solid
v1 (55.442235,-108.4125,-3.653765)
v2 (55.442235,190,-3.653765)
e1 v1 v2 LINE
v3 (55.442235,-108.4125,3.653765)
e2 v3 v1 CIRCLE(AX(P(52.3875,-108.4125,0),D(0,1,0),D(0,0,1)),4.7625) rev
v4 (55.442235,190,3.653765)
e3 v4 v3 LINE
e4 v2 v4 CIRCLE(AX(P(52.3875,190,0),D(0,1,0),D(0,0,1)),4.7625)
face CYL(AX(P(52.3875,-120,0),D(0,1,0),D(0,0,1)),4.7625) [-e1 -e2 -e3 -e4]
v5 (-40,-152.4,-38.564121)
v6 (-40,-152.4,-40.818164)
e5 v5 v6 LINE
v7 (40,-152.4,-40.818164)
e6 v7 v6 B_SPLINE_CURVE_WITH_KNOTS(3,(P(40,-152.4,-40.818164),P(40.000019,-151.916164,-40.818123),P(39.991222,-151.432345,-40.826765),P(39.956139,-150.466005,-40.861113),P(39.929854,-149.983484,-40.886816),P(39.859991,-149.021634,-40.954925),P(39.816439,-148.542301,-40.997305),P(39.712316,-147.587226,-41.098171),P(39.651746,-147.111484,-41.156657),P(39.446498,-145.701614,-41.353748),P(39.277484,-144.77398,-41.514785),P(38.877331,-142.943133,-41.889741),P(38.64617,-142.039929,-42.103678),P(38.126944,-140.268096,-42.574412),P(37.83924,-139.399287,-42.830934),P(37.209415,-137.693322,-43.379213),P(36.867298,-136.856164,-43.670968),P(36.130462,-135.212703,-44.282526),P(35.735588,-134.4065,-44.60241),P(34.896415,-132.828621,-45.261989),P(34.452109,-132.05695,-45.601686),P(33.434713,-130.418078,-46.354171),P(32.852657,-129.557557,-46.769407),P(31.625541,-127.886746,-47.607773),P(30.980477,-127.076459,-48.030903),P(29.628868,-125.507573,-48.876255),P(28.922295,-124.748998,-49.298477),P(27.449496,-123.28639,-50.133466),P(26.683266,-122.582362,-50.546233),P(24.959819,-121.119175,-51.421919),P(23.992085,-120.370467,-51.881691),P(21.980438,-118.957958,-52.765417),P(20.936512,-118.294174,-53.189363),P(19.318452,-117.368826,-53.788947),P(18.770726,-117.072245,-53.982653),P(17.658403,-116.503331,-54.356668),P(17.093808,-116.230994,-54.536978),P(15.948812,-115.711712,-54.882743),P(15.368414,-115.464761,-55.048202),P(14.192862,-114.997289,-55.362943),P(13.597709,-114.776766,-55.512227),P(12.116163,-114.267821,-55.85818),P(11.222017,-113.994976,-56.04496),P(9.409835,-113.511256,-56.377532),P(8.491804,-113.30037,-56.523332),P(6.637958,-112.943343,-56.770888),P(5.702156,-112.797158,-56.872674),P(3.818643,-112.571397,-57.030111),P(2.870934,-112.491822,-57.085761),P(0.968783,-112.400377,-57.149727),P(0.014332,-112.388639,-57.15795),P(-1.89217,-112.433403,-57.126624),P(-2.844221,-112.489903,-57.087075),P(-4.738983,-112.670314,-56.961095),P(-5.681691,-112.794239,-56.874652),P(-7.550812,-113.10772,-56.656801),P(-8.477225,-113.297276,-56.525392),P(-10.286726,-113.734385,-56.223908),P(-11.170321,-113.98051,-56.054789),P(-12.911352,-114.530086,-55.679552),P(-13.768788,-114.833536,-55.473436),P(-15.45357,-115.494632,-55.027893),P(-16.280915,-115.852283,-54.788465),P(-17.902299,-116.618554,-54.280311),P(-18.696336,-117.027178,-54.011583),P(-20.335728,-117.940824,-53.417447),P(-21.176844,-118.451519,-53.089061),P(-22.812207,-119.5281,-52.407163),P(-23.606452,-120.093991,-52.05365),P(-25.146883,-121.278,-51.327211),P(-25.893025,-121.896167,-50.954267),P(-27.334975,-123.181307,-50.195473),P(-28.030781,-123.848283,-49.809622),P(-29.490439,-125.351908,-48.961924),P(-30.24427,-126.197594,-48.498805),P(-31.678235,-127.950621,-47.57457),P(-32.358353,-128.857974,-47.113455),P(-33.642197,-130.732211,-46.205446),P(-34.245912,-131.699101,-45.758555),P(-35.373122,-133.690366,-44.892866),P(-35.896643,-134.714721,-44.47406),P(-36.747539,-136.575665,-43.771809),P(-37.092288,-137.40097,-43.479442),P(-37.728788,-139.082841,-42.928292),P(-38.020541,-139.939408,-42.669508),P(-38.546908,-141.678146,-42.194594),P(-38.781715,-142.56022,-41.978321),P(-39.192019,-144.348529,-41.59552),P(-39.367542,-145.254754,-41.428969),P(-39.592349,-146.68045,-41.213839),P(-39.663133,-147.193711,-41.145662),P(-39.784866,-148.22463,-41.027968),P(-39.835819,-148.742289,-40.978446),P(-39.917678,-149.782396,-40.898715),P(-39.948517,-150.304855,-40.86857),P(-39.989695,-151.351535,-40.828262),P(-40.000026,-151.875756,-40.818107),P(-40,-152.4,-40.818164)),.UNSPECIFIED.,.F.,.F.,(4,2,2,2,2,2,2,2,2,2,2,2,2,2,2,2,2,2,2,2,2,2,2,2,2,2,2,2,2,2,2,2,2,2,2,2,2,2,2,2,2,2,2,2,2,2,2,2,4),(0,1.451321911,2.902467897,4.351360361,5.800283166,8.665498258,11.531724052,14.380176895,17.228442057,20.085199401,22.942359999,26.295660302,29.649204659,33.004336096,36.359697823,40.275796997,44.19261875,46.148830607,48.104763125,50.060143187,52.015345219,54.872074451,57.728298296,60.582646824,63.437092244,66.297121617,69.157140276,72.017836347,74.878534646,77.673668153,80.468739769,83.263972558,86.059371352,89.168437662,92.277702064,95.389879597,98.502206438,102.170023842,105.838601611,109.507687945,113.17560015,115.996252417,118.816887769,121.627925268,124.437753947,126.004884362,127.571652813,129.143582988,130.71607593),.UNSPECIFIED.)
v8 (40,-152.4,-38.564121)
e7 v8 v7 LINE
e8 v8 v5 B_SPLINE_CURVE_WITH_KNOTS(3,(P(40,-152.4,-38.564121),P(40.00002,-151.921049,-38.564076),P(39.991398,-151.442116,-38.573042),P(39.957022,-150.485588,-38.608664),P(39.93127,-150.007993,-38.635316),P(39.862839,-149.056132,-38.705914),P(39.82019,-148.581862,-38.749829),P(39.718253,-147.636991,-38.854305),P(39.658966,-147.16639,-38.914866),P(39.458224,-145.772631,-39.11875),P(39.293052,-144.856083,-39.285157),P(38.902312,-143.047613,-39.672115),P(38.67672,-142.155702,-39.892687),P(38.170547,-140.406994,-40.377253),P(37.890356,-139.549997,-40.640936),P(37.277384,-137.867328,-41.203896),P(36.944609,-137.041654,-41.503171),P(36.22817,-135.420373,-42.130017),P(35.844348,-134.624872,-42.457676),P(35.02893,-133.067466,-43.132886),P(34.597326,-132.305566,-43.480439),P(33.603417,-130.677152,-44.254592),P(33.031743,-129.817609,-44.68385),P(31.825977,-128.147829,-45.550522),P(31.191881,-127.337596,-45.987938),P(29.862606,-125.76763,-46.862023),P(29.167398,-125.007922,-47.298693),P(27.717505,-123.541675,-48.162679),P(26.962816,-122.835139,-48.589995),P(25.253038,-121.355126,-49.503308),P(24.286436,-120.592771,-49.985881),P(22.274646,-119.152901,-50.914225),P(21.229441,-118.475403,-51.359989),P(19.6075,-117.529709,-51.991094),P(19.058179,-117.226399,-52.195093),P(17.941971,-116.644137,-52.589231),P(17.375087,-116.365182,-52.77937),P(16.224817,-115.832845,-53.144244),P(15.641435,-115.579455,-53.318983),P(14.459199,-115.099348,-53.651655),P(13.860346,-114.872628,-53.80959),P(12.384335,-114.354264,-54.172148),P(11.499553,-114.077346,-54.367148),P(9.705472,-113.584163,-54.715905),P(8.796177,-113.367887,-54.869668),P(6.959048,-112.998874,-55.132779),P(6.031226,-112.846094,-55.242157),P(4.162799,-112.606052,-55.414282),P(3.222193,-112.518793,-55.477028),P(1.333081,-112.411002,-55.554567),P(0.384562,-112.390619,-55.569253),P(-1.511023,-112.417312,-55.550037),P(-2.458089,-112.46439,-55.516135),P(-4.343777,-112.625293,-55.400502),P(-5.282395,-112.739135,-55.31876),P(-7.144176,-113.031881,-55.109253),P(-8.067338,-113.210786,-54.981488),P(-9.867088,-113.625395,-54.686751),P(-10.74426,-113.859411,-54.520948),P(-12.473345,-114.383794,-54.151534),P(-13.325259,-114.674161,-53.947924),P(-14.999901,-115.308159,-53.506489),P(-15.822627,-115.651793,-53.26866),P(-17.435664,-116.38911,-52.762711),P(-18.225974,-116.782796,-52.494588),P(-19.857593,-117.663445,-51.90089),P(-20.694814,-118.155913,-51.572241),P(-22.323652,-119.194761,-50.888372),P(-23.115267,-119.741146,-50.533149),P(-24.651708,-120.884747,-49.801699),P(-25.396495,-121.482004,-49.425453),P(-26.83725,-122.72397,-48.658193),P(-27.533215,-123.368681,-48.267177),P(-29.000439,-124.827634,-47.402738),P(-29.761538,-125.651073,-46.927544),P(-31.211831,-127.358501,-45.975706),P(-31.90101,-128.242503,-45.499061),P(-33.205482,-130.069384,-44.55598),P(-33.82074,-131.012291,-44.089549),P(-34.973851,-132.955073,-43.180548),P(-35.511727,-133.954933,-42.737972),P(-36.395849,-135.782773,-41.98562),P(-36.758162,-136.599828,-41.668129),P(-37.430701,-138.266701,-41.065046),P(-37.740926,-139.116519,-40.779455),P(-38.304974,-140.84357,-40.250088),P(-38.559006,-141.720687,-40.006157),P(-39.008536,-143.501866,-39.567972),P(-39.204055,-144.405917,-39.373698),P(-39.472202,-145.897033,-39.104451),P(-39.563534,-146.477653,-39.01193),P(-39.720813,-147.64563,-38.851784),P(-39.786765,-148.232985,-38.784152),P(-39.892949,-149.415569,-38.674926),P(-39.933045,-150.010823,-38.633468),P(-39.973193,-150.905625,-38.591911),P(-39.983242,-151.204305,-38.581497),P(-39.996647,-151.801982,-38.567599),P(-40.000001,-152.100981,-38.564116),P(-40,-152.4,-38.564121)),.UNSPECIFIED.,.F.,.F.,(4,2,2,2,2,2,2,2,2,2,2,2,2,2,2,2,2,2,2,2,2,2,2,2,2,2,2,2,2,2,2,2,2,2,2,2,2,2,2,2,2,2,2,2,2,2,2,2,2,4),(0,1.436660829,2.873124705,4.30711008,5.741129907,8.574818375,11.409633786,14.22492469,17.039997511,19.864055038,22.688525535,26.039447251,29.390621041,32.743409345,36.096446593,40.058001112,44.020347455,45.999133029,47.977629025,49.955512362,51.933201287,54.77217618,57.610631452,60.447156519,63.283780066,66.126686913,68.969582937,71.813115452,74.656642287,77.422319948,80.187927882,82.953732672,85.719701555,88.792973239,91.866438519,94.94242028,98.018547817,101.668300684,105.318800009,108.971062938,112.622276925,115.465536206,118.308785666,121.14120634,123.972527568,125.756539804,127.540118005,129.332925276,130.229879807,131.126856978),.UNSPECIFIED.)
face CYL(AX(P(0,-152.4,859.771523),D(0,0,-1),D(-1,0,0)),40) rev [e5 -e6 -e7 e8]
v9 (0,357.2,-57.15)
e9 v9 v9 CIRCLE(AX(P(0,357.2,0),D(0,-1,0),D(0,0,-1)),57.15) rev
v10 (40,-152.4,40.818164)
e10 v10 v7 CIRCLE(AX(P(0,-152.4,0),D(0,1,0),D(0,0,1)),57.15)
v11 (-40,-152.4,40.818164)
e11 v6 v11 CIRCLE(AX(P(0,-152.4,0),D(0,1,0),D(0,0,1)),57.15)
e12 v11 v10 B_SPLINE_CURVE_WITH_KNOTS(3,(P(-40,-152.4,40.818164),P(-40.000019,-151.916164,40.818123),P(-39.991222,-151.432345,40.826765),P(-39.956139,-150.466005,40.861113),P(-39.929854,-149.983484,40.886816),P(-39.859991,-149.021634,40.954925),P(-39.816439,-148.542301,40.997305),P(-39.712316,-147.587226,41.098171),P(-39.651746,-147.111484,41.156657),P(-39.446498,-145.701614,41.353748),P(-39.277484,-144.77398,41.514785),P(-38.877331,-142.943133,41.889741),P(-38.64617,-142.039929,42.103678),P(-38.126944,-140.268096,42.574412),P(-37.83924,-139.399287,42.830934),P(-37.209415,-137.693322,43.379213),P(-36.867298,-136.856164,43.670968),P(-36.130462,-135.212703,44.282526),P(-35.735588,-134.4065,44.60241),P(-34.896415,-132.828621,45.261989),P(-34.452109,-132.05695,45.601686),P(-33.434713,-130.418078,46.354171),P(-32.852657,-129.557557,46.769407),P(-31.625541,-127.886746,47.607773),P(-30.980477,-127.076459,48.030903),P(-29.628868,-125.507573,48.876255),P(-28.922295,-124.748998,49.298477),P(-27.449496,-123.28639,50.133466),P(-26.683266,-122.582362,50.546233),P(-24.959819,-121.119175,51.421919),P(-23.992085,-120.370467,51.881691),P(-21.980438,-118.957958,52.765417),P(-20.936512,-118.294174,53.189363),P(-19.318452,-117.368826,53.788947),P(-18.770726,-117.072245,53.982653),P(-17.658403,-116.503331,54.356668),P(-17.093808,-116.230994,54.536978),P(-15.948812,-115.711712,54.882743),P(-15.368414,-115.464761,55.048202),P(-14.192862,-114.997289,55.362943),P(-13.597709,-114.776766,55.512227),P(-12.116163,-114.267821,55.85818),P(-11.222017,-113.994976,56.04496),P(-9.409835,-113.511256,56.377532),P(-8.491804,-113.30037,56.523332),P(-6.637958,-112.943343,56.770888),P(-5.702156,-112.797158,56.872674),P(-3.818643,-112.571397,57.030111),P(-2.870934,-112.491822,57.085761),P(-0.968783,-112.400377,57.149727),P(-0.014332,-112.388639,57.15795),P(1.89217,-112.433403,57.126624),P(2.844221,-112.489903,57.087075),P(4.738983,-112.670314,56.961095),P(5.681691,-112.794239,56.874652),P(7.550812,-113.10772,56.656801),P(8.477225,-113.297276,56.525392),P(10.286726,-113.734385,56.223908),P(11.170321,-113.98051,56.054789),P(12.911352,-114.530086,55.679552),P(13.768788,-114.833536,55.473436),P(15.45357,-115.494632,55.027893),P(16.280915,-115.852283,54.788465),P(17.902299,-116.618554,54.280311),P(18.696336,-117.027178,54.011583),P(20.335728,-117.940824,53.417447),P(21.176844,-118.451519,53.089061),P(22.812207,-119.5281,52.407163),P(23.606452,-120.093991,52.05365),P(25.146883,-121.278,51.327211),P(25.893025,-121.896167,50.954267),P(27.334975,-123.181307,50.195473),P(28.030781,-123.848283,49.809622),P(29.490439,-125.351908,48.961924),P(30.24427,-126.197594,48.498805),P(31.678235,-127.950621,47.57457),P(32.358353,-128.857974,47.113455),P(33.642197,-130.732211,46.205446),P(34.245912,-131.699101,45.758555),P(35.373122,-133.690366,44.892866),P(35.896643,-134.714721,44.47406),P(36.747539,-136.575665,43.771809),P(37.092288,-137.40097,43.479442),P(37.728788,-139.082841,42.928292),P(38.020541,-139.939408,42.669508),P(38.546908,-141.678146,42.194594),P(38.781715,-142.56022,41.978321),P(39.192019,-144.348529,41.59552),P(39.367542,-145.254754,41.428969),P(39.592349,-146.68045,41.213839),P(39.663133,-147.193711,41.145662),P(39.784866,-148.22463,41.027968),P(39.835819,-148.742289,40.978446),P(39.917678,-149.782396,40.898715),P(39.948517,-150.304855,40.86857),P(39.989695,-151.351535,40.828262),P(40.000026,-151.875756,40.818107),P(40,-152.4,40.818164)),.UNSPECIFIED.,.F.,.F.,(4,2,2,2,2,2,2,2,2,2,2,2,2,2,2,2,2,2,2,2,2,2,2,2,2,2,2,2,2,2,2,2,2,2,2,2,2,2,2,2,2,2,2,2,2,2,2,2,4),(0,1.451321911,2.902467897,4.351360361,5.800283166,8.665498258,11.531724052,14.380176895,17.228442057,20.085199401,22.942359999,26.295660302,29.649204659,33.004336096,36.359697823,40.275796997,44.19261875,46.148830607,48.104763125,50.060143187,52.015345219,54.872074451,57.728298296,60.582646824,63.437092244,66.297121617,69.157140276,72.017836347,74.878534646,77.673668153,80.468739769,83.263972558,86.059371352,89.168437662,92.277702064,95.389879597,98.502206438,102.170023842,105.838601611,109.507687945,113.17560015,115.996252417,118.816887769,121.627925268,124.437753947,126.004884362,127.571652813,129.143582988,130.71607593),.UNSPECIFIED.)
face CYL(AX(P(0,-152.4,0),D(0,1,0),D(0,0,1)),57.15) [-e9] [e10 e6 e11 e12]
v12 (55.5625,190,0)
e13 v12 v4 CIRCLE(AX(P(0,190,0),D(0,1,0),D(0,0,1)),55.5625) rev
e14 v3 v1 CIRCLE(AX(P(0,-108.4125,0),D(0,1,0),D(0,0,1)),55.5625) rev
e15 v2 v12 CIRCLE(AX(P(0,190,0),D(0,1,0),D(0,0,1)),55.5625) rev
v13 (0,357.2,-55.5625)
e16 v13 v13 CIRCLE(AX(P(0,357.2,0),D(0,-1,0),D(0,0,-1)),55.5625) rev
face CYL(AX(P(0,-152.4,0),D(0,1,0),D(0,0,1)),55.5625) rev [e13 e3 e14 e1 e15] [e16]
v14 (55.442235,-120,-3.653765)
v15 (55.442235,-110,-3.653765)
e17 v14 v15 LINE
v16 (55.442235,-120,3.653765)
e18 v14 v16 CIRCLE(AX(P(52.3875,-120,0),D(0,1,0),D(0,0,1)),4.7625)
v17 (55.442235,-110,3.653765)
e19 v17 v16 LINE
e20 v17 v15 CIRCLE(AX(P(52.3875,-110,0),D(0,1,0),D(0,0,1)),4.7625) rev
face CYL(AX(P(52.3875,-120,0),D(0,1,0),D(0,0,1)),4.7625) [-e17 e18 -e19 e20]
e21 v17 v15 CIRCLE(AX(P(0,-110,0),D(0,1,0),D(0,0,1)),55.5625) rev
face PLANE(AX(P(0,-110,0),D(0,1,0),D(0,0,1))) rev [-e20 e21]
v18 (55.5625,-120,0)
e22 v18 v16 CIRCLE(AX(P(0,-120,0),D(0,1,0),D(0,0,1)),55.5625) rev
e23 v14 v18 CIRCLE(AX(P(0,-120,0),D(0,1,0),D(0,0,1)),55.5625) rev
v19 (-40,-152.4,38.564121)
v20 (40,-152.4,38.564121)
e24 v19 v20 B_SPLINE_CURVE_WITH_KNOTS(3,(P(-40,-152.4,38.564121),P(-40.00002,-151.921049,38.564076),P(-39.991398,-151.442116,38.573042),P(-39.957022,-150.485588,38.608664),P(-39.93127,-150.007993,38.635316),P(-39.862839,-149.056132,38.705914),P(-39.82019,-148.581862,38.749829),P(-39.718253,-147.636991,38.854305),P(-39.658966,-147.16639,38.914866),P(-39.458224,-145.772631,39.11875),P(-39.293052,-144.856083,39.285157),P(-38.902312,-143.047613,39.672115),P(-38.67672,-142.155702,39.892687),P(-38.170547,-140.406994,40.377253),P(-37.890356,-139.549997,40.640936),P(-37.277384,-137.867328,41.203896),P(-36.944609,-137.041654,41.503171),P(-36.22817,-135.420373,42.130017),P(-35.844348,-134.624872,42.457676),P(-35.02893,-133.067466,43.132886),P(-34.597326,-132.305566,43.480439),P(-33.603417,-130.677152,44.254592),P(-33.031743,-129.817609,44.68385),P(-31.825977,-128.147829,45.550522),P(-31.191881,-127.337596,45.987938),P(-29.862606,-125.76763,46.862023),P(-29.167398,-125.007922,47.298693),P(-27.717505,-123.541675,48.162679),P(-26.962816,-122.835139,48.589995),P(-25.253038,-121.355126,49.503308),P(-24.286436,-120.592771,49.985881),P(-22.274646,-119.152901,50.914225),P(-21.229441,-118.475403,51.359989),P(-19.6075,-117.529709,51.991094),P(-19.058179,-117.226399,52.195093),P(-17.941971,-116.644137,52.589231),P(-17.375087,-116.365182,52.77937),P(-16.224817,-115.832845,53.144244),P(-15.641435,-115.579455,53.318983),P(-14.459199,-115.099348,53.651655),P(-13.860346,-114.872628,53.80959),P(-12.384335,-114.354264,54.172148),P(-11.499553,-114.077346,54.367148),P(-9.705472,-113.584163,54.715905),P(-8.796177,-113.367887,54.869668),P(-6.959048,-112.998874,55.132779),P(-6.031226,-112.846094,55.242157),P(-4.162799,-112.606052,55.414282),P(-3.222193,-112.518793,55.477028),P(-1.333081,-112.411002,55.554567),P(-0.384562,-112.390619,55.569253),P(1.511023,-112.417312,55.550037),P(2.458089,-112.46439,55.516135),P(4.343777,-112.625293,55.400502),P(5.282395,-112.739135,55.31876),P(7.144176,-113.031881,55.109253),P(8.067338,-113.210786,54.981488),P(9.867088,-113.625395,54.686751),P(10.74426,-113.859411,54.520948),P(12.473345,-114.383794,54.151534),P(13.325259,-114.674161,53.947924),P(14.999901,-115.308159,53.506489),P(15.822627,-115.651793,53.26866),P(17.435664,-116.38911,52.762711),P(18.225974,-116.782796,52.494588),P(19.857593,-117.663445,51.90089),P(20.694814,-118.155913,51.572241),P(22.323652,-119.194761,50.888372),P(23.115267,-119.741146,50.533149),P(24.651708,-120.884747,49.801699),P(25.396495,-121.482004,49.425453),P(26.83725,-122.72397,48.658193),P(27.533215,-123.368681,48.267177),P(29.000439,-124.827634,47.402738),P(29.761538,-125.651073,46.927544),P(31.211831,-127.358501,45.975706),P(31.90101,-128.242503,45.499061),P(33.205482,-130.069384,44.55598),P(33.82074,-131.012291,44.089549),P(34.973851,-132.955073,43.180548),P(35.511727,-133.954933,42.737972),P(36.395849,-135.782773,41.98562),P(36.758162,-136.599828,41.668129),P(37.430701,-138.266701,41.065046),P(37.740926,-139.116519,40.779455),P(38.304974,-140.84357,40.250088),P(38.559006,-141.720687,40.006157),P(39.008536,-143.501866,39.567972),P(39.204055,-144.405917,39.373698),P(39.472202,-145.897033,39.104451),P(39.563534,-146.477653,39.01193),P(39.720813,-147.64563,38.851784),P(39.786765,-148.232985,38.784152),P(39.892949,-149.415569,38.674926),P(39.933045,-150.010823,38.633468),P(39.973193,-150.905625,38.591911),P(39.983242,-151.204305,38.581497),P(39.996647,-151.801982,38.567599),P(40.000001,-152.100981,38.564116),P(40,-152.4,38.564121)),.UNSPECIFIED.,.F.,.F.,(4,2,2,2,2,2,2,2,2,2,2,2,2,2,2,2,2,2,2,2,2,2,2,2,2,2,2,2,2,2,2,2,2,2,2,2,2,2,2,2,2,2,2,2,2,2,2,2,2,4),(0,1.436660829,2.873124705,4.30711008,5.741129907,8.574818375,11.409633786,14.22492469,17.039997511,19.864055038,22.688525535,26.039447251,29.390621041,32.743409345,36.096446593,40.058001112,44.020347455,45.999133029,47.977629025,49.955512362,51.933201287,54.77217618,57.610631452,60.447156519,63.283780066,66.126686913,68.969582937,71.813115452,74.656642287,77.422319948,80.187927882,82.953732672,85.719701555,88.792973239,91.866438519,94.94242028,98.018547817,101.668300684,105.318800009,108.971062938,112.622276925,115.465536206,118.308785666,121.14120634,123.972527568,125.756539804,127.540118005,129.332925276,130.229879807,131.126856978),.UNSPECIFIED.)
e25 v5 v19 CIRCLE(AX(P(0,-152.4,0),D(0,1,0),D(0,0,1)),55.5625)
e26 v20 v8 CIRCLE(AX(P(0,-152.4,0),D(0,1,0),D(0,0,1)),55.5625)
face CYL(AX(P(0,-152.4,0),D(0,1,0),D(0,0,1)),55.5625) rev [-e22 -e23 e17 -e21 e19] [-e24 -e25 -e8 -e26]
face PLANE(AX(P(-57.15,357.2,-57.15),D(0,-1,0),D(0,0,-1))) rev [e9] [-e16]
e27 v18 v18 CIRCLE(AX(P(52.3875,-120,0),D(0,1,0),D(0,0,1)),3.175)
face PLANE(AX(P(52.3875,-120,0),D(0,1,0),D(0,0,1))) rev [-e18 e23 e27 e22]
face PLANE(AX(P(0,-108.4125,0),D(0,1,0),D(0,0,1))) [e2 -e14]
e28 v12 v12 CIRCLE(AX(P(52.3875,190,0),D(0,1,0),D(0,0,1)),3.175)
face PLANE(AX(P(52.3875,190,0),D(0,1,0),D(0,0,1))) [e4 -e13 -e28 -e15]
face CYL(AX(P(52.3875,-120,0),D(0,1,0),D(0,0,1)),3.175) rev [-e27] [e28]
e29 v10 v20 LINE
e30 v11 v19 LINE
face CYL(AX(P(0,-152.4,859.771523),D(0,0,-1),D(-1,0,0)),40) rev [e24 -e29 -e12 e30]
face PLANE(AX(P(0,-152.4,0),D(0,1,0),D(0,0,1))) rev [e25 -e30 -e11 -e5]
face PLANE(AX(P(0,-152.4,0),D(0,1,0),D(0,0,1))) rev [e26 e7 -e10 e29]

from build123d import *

# Parameters (mm, degrees)
SKETCH1_R                        = 57.15
SKETCH1_R_2                      = 55.5625
OEM_DEPTH                        = 457.2
OEM_DEPTH_BACK                   = 152.4
ENSR_BASEPLATE_CUTOUT_DEPTH      = 58.15
ENSR_BASEPLATE_CUTOUT_DEPTH_BACK = 58.15
SKETCH6_W                        = 114.3
SKETCH6_H                        = 100
TOO_LONG_DEPTH                   = 58.1500001
TOO_LONG_DEPTH_BACK              = 58.1500001
SKETCH7_R                        = 4.7625
SKETCH7_R_2                      = 3.175
CONDUIT_DEPTH                    = 300
CONDUIT_DEPTH_BACK               = 10
SKETCH3_R                        = 57.15
SKETCH3_R_2                      = 3.175
FLOOR_2_DEPTH                    = 1.5875


with BuildPart() as part:
    # Sketch1 → OEM (new body, two sides)
    with BuildSketch(Plane(origin=(0, 0, 0), x_dir=(1, 0, 0), z_dir=(0, 1, 0))) as oem_sk:
        Circle(SKETCH1_R)
        Circle(SKETCH1_R_2, mode=Mode.SUBTRACT)
    extrude(amount=OEM_DEPTH)
    extrude(oem_sk.sketch, amount=-OEM_DEPTH_BACK)

    # Sketch5 → eNSR baseplate cutout (cut, two sides)
    with BuildSketch(Plane.XY) as ensr_baseplate_cutout_sk:
        with BuildLine():
            Line((40, -1396.985408143), (40, -152.4))
            ThreePointArc((40, -152.4), (0, -112.4), (-40, -152.4))
            Line((-40, -152.4), (-40, -1396.985408143))
            Line((-40, -1396.985408143), (-40, -3886.156224429))
            Line((-40, -3886.156224429), (40, -3886.156224429))
            Line((40, -3886.156224429), (40, -1396.985408143))
        make_face()
    extrude(amount=ENSR_BASEPLATE_CUTOUT_DEPTH, mode=Mode.SUBTRACT)
    extrude(ensr_baseplate_cutout_sk.sketch, amount=-ENSR_BASEPLATE_CUTOUT_DEPTH_BACK, mode=Mode.SUBTRACT)

    # Sketch6 → too long (cut, two sides)
    with BuildSketch(Plane.XY) as too_long_sk:
        with Locations((0, 407.2)):
            Rectangle(SKETCH6_W, SKETCH6_H)
    extrude(amount=TOO_LONG_DEPTH, mode=Mode.SUBTRACT)
    extrude(too_long_sk.sketch, amount=-TOO_LONG_DEPTH_BACK, mode=Mode.SUBTRACT)

    # Sketch7 → conduit (add, two sides)
    with BuildSketch(Plane(origin=(0, -110, 0), x_dir=(1, 0, 0), z_dir=(0, 1, 0))) as conduit_sk:
        with Locations((52.3875, 0)):
            Circle(SKETCH7_R)
        with Locations((52.3875, 0)):
            Circle(SKETCH7_R_2, mode=Mode.SUBTRACT)
    extrude(amount=CONDUIT_DEPTH)
    extrude(conduit_sk.sketch, amount=-CONDUIT_DEPTH_BACK)

    # Sketch3 → floor 2 (add)
    with BuildSketch(Plane(origin=(0, -110, 0), x_dir=(1, 0, 0), z_dir=(0, 1, 0))):
        Circle(SKETCH3_R)
        with Locations((52.3875, 0)):
            Circle(SKETCH3_R_2, mode=Mode.SUBTRACT)
    extrude(amount=FLOOR_2_DEPTH)


solid = part.part
